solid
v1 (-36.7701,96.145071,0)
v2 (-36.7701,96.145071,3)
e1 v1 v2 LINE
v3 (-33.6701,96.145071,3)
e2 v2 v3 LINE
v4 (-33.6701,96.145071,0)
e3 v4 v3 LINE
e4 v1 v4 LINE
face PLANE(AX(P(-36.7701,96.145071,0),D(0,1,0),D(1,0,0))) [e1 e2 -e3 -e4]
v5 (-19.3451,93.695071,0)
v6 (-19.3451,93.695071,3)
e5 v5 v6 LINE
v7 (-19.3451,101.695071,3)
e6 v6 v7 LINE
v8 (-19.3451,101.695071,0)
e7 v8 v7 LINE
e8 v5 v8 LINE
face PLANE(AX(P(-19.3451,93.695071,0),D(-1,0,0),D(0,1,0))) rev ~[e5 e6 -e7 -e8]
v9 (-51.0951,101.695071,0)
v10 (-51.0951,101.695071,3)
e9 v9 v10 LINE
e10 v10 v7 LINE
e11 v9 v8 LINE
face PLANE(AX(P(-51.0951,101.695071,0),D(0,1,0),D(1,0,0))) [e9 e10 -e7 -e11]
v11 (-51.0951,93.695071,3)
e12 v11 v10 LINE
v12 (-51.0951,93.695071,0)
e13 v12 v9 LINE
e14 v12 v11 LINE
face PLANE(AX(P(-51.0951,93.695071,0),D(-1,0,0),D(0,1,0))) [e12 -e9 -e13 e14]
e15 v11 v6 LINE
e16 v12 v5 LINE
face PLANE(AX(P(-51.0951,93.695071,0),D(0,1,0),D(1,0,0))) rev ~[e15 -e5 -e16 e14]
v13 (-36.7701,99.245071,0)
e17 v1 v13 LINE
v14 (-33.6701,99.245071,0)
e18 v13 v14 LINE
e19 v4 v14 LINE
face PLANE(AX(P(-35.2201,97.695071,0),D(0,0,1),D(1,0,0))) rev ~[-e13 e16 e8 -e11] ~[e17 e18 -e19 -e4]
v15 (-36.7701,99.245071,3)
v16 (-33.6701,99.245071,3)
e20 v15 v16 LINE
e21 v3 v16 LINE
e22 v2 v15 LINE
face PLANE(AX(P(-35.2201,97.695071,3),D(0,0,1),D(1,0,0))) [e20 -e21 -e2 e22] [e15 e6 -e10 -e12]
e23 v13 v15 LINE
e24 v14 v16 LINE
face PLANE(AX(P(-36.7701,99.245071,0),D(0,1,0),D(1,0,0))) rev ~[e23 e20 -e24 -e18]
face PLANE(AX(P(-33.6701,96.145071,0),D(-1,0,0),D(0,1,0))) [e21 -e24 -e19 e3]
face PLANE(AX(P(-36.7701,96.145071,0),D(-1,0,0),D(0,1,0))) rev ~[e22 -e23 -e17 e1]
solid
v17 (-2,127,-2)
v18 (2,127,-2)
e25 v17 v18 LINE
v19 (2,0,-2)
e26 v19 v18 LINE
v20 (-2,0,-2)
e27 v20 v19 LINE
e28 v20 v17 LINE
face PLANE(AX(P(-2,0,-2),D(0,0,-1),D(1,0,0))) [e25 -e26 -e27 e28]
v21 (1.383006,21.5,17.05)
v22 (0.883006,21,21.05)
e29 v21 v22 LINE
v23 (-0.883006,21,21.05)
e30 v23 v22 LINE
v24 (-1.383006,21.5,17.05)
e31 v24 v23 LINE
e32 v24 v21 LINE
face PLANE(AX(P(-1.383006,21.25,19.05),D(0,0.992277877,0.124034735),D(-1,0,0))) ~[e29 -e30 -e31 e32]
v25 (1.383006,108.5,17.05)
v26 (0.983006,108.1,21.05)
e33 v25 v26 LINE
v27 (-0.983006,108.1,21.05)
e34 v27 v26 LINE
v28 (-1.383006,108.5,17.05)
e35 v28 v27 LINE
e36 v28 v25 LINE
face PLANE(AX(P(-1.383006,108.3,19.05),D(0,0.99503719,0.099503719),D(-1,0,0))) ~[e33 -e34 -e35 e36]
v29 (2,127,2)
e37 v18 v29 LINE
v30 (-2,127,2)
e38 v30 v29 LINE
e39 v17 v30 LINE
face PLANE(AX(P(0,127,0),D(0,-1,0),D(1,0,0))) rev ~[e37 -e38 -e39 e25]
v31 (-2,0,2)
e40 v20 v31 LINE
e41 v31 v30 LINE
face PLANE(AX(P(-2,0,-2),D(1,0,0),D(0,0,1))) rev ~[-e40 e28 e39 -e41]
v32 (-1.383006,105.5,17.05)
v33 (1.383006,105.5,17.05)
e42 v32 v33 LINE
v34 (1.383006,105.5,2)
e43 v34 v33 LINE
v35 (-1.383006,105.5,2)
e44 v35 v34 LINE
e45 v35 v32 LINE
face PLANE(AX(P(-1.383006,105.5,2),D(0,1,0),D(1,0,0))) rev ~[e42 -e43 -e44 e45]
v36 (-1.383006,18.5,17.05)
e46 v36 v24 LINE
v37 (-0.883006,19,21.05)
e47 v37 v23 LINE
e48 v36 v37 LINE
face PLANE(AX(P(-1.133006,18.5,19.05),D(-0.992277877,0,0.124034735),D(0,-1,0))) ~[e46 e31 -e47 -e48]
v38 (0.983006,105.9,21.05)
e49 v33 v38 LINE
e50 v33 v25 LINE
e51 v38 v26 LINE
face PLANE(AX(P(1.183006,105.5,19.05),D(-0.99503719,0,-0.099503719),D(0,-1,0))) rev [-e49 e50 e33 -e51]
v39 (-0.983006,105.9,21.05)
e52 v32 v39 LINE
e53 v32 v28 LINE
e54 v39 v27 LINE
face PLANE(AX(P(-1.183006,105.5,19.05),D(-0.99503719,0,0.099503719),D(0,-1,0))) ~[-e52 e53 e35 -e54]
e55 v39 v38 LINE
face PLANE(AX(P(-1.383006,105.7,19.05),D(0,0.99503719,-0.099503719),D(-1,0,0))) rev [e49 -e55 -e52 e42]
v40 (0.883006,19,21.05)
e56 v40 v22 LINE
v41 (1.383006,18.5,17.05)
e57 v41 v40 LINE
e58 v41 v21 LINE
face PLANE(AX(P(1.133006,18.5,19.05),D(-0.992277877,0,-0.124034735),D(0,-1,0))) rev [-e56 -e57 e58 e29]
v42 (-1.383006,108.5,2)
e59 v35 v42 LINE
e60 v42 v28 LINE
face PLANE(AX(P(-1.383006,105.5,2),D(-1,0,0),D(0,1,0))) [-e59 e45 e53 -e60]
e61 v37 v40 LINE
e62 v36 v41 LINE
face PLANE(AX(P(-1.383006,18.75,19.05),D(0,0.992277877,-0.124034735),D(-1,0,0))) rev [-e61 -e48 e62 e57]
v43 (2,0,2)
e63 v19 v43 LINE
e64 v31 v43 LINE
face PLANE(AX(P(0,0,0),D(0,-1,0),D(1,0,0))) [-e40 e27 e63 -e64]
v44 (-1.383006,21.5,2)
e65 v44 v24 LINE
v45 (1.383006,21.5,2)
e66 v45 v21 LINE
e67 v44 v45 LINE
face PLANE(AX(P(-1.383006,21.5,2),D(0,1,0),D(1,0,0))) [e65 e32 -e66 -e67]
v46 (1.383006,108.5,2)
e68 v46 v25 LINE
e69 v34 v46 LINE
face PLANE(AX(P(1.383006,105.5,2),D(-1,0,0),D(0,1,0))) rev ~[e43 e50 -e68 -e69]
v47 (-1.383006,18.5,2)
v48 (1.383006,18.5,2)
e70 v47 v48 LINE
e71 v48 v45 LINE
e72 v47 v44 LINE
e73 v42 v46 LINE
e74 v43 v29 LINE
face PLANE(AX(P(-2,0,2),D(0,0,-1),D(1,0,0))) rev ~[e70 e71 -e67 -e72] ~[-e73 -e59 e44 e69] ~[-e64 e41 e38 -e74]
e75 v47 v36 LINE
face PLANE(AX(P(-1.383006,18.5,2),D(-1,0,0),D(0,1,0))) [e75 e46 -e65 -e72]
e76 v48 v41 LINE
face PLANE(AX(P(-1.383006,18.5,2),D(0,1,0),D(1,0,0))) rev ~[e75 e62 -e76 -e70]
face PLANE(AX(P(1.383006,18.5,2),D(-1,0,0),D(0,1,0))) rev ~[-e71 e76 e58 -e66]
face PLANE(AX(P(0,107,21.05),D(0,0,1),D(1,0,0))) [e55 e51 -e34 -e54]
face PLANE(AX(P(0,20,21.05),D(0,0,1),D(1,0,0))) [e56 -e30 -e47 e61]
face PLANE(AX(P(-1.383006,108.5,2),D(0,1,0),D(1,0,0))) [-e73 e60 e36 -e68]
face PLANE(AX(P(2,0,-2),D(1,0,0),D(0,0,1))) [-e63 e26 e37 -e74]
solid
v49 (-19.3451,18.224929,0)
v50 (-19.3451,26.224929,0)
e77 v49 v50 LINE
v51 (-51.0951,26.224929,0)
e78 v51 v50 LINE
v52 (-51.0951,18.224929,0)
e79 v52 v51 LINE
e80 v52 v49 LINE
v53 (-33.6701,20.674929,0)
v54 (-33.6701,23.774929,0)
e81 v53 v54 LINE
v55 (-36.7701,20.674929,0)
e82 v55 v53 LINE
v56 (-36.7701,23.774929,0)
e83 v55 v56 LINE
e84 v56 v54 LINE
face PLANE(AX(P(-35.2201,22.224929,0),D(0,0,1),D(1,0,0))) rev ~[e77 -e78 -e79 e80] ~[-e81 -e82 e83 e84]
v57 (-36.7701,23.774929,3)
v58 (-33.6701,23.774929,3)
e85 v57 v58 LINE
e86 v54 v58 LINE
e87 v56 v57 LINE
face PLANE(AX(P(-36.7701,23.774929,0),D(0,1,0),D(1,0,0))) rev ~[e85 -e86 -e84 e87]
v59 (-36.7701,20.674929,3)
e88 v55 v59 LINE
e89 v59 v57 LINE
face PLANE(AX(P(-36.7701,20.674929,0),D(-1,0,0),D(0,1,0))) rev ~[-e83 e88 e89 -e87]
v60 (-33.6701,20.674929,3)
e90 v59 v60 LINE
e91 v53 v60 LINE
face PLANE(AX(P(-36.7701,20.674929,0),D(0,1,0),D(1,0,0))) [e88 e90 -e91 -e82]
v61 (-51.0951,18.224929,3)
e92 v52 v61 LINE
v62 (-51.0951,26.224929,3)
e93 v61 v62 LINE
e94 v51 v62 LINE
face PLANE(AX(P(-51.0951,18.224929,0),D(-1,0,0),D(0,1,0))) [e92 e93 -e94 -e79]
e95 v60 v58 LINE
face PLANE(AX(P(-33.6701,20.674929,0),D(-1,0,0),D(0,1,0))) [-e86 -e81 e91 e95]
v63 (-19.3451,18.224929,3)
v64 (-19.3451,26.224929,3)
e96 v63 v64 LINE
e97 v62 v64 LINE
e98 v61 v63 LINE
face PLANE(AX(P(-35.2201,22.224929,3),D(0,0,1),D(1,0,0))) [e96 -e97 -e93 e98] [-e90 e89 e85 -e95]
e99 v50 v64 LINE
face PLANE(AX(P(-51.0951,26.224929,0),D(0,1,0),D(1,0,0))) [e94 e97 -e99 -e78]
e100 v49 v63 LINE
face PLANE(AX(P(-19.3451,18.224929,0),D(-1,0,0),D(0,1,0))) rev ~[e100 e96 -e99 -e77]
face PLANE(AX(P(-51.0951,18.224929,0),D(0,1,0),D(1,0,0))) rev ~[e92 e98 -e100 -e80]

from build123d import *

# Parameters (mm, degrees)
F0_W     = 4
F0_H     = 4
F1_DEPTH = 127
F2_W     = 2.766012
F2_H     = 3
F3_DEPTH = 19.05
F4_SIZE2 = 0.4
F4_SIZE  = 4
F5_SIZE2 = 0.5
F5_SIZE  = 4
F6_W     = 31.75
F6_H     = 8
F6_W_2   = 3.1
F6_H_2   = 3.1
F7_DEPTH = 3


with BuildPart() as f1:
    # F0 (on Front) → F1 (new body)
    with BuildSketch(Plane.XZ):
        Rectangle(F0_W, F0_H)
    extrude(amount=-F1_DEPTH)

    # F2 (on face) → F3 (join)
    with BuildSketch(Plane.XY.offset(2)):
        with Locations((0, 107)):
            Rectangle(F2_W, F2_H)
        with Locations((0, 20)):
            Rectangle(F2_W, F2_H)
    extrude(amount=F3_DEPTH)

    # F4
    f4_edges = [f1.edges().sort_by_distance(p)[0] for p in [
        (1.383006, 107, 21.05),
        (0, 108.5, 21.05),
        (-1.383006, 107, 21.05),
        (0, 105.5, 21.05),
    ]]
    chamfer(f4_edges, length=F4_SIZE, length2=F4_SIZE2)

    # F5
    f5_edges = [f1.edges().sort_by_distance(p)[0] for p in [
        (0, 18.5, 21.05),
        (1.383006, 20, 21.05),
        (-1.383006, 20, 21.05),
        (0, 21.5, 21.05),
    ]]
    chamfer(f5_edges, length=F5_SIZE, length2=F5_SIZE2)


with BuildPart() as f7:
    # F6 (on Top) → F7 (new body)
    with BuildSketch(Plane.XY):
        with Locations((-35.2201, 97.695071)):
            Rectangle(F6_W, F6_H)
        with Locations((-35.2201, 97.695071)):
            Rectangle(F6_W_2, F6_H_2, mode=Mode.SUBTRACT)
        with Locations((-35.2201, 22.224929)):
            Rectangle(F6_W, F6_H)
        with Locations((-35.2201, 22.224929)):
            Rectangle(F6_W_2, F6_H_2, mode=Mode.SUBTRACT)
    extrude(amount=F7_DEPTH)


solid = Compound([f1.part, f7.part])
